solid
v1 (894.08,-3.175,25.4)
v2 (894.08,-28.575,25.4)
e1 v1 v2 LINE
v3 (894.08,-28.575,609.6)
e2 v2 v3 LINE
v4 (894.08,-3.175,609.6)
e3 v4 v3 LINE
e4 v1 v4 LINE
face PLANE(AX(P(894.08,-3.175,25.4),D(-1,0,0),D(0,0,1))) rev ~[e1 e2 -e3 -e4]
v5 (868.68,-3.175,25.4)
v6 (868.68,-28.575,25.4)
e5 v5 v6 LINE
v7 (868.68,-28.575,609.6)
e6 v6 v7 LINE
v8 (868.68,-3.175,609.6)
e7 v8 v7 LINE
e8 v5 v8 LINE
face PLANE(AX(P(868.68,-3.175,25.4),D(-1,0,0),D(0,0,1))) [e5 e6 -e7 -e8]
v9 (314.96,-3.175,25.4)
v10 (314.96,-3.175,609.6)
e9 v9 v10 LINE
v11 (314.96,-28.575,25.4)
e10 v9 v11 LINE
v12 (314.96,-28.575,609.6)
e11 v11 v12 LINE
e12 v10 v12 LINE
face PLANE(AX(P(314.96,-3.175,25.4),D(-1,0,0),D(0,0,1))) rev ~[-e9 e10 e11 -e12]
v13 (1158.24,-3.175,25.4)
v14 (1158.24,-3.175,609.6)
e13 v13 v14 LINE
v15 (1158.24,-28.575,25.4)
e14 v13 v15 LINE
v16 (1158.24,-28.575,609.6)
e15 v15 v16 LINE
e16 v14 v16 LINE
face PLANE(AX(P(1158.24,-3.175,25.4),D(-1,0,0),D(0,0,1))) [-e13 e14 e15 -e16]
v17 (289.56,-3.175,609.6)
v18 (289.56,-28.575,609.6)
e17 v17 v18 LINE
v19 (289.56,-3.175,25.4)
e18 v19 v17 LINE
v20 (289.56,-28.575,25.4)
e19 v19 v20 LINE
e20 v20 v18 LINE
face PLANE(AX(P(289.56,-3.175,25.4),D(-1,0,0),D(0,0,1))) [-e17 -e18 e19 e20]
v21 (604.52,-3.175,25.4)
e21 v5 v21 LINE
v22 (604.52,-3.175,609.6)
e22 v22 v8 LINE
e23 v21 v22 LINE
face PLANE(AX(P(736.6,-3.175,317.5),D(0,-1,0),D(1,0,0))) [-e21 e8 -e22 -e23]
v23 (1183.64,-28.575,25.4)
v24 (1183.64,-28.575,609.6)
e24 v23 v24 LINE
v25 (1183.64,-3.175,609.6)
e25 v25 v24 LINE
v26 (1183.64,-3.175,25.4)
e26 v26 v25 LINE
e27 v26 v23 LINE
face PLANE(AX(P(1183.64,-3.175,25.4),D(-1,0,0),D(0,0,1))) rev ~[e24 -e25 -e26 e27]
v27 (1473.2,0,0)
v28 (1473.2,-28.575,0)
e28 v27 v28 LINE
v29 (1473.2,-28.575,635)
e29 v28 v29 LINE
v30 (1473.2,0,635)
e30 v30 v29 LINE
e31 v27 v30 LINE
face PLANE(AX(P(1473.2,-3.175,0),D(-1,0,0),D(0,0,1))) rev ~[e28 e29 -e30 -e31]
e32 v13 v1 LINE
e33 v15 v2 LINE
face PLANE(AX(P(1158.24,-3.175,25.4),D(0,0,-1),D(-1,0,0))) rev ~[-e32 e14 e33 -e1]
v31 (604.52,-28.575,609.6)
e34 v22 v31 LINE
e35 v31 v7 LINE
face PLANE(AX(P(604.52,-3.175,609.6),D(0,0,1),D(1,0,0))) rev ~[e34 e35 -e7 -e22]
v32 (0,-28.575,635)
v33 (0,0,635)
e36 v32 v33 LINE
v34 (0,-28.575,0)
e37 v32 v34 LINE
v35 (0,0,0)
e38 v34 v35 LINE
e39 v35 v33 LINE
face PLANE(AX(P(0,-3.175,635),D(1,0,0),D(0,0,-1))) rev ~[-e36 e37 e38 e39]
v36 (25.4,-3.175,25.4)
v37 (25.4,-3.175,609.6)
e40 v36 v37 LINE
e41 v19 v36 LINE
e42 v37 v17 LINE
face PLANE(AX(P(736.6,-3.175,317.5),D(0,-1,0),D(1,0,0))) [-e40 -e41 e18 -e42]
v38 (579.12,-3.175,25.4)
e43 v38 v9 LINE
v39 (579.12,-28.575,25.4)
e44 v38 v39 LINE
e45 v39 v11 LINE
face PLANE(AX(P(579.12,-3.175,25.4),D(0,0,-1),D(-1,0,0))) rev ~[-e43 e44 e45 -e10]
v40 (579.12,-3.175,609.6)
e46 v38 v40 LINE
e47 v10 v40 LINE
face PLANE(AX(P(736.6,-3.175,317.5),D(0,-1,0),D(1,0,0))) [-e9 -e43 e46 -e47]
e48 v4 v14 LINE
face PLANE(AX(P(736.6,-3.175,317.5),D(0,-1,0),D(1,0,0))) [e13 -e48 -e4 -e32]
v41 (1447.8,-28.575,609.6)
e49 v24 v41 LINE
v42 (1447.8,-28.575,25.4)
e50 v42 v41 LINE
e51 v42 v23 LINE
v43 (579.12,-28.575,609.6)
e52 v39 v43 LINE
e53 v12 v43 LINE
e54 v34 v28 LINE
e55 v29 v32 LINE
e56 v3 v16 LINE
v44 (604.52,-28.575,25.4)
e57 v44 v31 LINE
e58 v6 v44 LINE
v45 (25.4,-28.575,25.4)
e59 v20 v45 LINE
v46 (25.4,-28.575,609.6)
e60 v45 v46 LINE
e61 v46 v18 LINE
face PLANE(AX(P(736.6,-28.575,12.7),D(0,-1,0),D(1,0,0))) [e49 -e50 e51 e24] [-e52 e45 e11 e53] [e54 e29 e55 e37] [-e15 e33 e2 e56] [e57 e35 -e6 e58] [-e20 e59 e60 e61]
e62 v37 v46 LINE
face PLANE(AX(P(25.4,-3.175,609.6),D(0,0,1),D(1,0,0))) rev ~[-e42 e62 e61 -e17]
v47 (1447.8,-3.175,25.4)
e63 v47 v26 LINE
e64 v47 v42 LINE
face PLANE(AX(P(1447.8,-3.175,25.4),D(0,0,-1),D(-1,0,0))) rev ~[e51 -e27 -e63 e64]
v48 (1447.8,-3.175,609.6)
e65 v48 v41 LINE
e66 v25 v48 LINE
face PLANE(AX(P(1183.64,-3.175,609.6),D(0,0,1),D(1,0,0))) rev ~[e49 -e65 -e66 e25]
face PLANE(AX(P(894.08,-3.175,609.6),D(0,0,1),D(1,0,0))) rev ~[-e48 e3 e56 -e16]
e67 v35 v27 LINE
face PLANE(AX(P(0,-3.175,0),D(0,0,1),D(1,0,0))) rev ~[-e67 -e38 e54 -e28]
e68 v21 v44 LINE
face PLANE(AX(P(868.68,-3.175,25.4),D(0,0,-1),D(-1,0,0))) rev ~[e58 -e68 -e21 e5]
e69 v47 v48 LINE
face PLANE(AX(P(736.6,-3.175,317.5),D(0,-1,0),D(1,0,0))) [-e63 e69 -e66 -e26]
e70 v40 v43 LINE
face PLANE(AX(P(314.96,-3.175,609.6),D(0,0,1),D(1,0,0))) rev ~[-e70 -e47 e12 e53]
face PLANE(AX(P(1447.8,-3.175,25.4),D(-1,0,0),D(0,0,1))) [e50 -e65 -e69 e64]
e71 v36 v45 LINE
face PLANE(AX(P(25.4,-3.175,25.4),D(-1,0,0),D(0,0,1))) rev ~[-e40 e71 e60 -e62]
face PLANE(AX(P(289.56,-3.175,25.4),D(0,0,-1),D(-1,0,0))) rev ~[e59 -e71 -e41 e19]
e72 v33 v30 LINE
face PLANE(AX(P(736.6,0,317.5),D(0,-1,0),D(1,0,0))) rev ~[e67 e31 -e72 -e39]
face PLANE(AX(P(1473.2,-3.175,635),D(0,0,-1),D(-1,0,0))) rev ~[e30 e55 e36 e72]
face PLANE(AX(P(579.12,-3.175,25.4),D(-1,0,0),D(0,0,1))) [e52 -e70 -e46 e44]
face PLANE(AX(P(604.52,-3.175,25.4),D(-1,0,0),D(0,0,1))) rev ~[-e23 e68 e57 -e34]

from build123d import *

# Parameters (mm, degrees)
F0_W     = 1473.2
F0_H     = 635
F1_DEPTH = 3.175
F2_W     = 25.4
F2_H     = 584.2
F3_DEPTH = 25.4


with BuildPart() as f1:
    # F0 (on Front) → F1 (new body)
    with BuildSketch(Plane.XZ):
        with Locations((736.6, 317.5)):
            Rectangle(F0_W, F0_H)
    extrude(amount=F1_DEPTH)

    # F2 (on face) → F3 (join)
    with BuildSketch(Plane.XZ.offset(3.175)):
        Polygon((0, 25.4), (0, 0), (1473.2, 0), (1473.2, 25.4), (1447.8, 25.4), (1183.64, 25.4), (1158.24, 25.4), (894.08, 25.4), (868.68, 25.4), (604.52, 25.4), (579.12, 25.4), (314.96, 25.4), (289.56, 25.4), (25.4, 25.4), align=None)
        with Locations((12.7, 317.5)):
            Rectangle(F2_W, F2_H)
        with Locations((1460.5, 317.5)):
            Rectangle(F2_W, F2_H)
        Polygon((0, 635), (0, 609.6), (25.4, 609.6), (289.56, 609.6), (314.96, 609.6), (579.12, 609.6), (604.52, 609.6), (868.68, 609.6), (894.08, 609.6), (1158.24, 609.6), (1183.64, 609.6), (1447.8, 609.6), (1473.2, 609.6), (1473.2, 635), align=None)
        with Locations((302.26, 317.5)):
            Rectangle(F2_W, F2_H)
        with Locations((591.82, 317.5)):
            Rectangle(F2_W, F2_H)
        with Locations((881.38, 317.5)):
            Rectangle(F2_W, F2_H)
        with Locations((1170.94, 317.5)):
            Rectangle(F2_W, F2_H)
    extrude(amount=F3_DEPTH)


solid = f1.part
